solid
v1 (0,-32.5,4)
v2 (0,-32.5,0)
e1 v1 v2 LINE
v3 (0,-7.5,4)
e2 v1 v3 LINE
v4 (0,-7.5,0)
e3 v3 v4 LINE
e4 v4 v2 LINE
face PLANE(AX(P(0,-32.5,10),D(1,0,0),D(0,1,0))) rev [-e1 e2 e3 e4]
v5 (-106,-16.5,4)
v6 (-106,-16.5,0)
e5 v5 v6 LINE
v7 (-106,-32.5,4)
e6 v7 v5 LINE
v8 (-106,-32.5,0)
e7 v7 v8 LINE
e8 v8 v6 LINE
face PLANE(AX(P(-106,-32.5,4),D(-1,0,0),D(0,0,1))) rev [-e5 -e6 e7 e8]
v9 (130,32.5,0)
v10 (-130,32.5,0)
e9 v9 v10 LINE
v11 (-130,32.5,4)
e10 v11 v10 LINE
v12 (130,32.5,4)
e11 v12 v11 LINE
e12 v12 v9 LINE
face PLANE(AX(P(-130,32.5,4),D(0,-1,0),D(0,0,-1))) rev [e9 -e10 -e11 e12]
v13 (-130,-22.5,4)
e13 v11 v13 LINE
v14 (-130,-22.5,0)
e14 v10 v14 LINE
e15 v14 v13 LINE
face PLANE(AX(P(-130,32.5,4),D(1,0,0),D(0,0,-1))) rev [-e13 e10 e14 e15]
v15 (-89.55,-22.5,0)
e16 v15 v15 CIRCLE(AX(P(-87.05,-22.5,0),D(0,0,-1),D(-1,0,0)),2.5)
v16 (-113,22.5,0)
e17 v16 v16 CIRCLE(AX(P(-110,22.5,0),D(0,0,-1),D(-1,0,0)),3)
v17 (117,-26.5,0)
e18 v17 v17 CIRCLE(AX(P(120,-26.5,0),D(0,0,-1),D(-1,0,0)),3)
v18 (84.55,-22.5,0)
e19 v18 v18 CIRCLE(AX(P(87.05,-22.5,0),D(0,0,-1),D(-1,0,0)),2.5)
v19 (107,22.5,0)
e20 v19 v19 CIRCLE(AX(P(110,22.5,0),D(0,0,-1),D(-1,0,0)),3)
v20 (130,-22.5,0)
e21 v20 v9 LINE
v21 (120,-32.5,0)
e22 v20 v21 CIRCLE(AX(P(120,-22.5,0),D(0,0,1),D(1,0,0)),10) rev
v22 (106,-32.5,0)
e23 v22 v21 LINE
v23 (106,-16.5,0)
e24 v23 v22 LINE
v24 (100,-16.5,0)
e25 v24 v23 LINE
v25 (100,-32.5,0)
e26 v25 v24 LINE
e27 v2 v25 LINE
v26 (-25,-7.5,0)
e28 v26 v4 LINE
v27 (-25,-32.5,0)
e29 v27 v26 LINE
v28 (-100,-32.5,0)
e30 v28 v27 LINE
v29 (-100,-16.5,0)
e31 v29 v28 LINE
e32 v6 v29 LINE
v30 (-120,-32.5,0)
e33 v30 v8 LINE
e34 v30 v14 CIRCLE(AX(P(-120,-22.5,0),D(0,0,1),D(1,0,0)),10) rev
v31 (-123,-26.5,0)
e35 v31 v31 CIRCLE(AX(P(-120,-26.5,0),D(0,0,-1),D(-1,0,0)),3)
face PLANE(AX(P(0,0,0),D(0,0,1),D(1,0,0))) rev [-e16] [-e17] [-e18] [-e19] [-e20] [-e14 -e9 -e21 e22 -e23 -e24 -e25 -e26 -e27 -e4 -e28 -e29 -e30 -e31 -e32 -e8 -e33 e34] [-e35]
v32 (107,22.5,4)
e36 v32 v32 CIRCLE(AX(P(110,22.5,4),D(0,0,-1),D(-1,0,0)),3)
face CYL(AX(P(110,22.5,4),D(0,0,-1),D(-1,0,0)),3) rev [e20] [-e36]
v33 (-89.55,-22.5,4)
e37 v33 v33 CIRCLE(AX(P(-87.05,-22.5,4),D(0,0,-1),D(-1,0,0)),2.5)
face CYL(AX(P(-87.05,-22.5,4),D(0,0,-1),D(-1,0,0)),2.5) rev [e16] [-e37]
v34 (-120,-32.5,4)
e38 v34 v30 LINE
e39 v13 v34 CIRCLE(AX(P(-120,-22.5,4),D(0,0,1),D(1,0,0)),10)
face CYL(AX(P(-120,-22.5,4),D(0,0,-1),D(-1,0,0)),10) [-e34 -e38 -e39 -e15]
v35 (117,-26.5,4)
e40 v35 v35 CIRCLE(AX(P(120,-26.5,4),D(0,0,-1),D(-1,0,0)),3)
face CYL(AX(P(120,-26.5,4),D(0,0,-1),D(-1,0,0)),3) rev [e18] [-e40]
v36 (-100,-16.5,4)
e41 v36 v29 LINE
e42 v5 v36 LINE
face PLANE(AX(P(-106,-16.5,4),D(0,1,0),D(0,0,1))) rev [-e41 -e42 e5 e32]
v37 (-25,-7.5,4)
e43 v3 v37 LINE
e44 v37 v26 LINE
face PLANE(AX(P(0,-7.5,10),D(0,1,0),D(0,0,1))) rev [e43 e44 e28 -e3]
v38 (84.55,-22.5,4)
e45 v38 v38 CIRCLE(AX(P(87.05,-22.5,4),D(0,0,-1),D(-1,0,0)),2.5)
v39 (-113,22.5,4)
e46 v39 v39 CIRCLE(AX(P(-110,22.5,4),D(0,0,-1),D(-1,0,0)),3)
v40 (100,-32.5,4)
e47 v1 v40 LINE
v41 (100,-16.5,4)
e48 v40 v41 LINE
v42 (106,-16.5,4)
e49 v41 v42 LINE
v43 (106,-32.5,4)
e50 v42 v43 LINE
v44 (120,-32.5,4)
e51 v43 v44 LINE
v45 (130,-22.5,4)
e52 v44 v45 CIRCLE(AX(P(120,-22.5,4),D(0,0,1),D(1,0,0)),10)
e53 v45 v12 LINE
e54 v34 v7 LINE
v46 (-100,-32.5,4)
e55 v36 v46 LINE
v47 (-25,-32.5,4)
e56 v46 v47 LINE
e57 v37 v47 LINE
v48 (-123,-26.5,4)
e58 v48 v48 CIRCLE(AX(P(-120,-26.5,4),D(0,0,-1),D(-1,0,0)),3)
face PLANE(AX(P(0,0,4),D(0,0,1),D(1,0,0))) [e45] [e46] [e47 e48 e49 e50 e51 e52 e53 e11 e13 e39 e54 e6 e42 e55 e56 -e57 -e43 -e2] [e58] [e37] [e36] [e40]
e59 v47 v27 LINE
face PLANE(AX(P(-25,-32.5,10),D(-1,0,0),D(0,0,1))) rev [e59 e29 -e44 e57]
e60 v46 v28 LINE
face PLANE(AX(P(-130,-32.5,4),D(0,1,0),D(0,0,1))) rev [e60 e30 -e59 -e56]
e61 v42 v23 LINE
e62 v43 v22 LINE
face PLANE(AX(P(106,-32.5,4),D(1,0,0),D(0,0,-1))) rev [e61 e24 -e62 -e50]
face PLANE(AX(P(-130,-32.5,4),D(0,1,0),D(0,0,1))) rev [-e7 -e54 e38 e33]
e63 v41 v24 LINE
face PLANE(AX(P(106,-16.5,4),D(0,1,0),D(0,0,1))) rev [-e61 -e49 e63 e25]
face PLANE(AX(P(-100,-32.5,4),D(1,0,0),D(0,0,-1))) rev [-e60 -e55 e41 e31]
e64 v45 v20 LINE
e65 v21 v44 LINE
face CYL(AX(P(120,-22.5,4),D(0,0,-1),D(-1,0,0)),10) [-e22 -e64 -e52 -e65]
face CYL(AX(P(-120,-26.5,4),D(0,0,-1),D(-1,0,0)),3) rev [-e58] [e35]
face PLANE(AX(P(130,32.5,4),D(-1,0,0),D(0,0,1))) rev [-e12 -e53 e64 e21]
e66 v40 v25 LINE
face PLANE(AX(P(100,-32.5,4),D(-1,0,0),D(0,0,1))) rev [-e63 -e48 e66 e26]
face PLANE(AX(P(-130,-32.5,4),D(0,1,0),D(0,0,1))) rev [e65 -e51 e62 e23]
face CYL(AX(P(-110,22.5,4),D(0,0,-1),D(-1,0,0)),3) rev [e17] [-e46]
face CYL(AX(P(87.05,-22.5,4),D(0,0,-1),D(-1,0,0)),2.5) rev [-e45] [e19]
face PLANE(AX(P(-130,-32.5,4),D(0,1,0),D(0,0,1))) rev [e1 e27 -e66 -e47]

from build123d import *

# Parameters (mm, degrees)
SKETCH1_W           = 260
SKETCH1_H           = 65
BOSS_EXTRUDE2_DEPTH = 4
SKETCH3_R           = 3
CUT_EXTRUDE2_DEPTH  = 135.060620616
FILLET1_R           = 10
SKETCH4_W           = 25
SKETCH4_H           = 25
CUT_EXTRUDE3_DEPTH  = 10
SKETCH5_W           = 6
SKETCH5_H           = 16
CUT_EXTRUDE4_DEPTH  = 135.060620616
SKETCH6_R           = 2.5
CUT_EXTRUDE5_DEPTH  = 135.060620616


with BuildPart() as part:
    # Sketch1 → Boss-Extrude2 (new body)
    with BuildSketch(Plane.XY):
        Rectangle(SKETCH1_W, SKETCH1_H)
    extrude(amount=BOSS_EXTRUDE2_DEPTH)

    # Sketch3 → Cut-Extrude2 (cut, through all)
    with BuildSketch(Plane(origin=(0, 0, 0), x_dir=(-1, 0, 0), z_dir=(0, 0, -1))):
        with Locations((120, -26.5)):
            Circle(SKETCH3_R)
        with Locations((-120, -26.5)):
            Circle(SKETCH3_R)
        with Locations((-110, 22.5)):
            Circle(SKETCH3_R)
        with Locations((110, 22.5)):
            Circle(SKETCH3_R)
    extrude(amount=-CUT_EXTRUDE2_DEPTH, mode=Mode.SUBTRACT)

    # Fillet1
    fillet1_edges = [part.edges().sort_by_distance(p)[0] for p in [
        (130, -32.5, 2),
        (-130, -32.5, 2),
    ]]
    fillet(fillet1_edges, radius=FILLET1_R)

    # Sketch4 → Cut-Extrude3 (cut)
    with BuildSketch(Plane(origin=(0, 0, 0), x_dir=(-1, 0, 0), z_dir=(0, 0, -1))):
        with Locations((12.5, -20)):
            Rectangle(SKETCH4_W, SKETCH4_H)
    extrude(amount=-CUT_EXTRUDE3_DEPTH, mode=Mode.SUBTRACT)

    # Sketch5 → Cut-Extrude4 (cut, through all)
    with BuildSketch(Plane(origin=(0, 0, 0), x_dir=(-1, 0, 0), z_dir=(0, 0, -1))):
        with Locations((-103, -24.5)):
            Rectangle(SKETCH5_W, SKETCH5_H)
        with Locations((103, -24.5)):
            Rectangle(SKETCH5_W, SKETCH5_H)
    extrude(amount=-CUT_EXTRUDE4_DEPTH, mode=Mode.SUBTRACT)

    # Sketch6 → Cut-Extrude5 (cut, through all)
    with BuildSketch(Plane(origin=(0, 0, 0), x_dir=(-1, 0, 0), z_dir=(0, 0, -1))):
        with Locations((87.05, -22.5)):
            Circle(SKETCH6_R)
        with Locations((-87.05, -22.5)):
            Circle(SKETCH6_R)
    extrude(amount=-CUT_EXTRUDE5_DEPTH, mode=Mode.SUBTRACT)


solid = part.part
